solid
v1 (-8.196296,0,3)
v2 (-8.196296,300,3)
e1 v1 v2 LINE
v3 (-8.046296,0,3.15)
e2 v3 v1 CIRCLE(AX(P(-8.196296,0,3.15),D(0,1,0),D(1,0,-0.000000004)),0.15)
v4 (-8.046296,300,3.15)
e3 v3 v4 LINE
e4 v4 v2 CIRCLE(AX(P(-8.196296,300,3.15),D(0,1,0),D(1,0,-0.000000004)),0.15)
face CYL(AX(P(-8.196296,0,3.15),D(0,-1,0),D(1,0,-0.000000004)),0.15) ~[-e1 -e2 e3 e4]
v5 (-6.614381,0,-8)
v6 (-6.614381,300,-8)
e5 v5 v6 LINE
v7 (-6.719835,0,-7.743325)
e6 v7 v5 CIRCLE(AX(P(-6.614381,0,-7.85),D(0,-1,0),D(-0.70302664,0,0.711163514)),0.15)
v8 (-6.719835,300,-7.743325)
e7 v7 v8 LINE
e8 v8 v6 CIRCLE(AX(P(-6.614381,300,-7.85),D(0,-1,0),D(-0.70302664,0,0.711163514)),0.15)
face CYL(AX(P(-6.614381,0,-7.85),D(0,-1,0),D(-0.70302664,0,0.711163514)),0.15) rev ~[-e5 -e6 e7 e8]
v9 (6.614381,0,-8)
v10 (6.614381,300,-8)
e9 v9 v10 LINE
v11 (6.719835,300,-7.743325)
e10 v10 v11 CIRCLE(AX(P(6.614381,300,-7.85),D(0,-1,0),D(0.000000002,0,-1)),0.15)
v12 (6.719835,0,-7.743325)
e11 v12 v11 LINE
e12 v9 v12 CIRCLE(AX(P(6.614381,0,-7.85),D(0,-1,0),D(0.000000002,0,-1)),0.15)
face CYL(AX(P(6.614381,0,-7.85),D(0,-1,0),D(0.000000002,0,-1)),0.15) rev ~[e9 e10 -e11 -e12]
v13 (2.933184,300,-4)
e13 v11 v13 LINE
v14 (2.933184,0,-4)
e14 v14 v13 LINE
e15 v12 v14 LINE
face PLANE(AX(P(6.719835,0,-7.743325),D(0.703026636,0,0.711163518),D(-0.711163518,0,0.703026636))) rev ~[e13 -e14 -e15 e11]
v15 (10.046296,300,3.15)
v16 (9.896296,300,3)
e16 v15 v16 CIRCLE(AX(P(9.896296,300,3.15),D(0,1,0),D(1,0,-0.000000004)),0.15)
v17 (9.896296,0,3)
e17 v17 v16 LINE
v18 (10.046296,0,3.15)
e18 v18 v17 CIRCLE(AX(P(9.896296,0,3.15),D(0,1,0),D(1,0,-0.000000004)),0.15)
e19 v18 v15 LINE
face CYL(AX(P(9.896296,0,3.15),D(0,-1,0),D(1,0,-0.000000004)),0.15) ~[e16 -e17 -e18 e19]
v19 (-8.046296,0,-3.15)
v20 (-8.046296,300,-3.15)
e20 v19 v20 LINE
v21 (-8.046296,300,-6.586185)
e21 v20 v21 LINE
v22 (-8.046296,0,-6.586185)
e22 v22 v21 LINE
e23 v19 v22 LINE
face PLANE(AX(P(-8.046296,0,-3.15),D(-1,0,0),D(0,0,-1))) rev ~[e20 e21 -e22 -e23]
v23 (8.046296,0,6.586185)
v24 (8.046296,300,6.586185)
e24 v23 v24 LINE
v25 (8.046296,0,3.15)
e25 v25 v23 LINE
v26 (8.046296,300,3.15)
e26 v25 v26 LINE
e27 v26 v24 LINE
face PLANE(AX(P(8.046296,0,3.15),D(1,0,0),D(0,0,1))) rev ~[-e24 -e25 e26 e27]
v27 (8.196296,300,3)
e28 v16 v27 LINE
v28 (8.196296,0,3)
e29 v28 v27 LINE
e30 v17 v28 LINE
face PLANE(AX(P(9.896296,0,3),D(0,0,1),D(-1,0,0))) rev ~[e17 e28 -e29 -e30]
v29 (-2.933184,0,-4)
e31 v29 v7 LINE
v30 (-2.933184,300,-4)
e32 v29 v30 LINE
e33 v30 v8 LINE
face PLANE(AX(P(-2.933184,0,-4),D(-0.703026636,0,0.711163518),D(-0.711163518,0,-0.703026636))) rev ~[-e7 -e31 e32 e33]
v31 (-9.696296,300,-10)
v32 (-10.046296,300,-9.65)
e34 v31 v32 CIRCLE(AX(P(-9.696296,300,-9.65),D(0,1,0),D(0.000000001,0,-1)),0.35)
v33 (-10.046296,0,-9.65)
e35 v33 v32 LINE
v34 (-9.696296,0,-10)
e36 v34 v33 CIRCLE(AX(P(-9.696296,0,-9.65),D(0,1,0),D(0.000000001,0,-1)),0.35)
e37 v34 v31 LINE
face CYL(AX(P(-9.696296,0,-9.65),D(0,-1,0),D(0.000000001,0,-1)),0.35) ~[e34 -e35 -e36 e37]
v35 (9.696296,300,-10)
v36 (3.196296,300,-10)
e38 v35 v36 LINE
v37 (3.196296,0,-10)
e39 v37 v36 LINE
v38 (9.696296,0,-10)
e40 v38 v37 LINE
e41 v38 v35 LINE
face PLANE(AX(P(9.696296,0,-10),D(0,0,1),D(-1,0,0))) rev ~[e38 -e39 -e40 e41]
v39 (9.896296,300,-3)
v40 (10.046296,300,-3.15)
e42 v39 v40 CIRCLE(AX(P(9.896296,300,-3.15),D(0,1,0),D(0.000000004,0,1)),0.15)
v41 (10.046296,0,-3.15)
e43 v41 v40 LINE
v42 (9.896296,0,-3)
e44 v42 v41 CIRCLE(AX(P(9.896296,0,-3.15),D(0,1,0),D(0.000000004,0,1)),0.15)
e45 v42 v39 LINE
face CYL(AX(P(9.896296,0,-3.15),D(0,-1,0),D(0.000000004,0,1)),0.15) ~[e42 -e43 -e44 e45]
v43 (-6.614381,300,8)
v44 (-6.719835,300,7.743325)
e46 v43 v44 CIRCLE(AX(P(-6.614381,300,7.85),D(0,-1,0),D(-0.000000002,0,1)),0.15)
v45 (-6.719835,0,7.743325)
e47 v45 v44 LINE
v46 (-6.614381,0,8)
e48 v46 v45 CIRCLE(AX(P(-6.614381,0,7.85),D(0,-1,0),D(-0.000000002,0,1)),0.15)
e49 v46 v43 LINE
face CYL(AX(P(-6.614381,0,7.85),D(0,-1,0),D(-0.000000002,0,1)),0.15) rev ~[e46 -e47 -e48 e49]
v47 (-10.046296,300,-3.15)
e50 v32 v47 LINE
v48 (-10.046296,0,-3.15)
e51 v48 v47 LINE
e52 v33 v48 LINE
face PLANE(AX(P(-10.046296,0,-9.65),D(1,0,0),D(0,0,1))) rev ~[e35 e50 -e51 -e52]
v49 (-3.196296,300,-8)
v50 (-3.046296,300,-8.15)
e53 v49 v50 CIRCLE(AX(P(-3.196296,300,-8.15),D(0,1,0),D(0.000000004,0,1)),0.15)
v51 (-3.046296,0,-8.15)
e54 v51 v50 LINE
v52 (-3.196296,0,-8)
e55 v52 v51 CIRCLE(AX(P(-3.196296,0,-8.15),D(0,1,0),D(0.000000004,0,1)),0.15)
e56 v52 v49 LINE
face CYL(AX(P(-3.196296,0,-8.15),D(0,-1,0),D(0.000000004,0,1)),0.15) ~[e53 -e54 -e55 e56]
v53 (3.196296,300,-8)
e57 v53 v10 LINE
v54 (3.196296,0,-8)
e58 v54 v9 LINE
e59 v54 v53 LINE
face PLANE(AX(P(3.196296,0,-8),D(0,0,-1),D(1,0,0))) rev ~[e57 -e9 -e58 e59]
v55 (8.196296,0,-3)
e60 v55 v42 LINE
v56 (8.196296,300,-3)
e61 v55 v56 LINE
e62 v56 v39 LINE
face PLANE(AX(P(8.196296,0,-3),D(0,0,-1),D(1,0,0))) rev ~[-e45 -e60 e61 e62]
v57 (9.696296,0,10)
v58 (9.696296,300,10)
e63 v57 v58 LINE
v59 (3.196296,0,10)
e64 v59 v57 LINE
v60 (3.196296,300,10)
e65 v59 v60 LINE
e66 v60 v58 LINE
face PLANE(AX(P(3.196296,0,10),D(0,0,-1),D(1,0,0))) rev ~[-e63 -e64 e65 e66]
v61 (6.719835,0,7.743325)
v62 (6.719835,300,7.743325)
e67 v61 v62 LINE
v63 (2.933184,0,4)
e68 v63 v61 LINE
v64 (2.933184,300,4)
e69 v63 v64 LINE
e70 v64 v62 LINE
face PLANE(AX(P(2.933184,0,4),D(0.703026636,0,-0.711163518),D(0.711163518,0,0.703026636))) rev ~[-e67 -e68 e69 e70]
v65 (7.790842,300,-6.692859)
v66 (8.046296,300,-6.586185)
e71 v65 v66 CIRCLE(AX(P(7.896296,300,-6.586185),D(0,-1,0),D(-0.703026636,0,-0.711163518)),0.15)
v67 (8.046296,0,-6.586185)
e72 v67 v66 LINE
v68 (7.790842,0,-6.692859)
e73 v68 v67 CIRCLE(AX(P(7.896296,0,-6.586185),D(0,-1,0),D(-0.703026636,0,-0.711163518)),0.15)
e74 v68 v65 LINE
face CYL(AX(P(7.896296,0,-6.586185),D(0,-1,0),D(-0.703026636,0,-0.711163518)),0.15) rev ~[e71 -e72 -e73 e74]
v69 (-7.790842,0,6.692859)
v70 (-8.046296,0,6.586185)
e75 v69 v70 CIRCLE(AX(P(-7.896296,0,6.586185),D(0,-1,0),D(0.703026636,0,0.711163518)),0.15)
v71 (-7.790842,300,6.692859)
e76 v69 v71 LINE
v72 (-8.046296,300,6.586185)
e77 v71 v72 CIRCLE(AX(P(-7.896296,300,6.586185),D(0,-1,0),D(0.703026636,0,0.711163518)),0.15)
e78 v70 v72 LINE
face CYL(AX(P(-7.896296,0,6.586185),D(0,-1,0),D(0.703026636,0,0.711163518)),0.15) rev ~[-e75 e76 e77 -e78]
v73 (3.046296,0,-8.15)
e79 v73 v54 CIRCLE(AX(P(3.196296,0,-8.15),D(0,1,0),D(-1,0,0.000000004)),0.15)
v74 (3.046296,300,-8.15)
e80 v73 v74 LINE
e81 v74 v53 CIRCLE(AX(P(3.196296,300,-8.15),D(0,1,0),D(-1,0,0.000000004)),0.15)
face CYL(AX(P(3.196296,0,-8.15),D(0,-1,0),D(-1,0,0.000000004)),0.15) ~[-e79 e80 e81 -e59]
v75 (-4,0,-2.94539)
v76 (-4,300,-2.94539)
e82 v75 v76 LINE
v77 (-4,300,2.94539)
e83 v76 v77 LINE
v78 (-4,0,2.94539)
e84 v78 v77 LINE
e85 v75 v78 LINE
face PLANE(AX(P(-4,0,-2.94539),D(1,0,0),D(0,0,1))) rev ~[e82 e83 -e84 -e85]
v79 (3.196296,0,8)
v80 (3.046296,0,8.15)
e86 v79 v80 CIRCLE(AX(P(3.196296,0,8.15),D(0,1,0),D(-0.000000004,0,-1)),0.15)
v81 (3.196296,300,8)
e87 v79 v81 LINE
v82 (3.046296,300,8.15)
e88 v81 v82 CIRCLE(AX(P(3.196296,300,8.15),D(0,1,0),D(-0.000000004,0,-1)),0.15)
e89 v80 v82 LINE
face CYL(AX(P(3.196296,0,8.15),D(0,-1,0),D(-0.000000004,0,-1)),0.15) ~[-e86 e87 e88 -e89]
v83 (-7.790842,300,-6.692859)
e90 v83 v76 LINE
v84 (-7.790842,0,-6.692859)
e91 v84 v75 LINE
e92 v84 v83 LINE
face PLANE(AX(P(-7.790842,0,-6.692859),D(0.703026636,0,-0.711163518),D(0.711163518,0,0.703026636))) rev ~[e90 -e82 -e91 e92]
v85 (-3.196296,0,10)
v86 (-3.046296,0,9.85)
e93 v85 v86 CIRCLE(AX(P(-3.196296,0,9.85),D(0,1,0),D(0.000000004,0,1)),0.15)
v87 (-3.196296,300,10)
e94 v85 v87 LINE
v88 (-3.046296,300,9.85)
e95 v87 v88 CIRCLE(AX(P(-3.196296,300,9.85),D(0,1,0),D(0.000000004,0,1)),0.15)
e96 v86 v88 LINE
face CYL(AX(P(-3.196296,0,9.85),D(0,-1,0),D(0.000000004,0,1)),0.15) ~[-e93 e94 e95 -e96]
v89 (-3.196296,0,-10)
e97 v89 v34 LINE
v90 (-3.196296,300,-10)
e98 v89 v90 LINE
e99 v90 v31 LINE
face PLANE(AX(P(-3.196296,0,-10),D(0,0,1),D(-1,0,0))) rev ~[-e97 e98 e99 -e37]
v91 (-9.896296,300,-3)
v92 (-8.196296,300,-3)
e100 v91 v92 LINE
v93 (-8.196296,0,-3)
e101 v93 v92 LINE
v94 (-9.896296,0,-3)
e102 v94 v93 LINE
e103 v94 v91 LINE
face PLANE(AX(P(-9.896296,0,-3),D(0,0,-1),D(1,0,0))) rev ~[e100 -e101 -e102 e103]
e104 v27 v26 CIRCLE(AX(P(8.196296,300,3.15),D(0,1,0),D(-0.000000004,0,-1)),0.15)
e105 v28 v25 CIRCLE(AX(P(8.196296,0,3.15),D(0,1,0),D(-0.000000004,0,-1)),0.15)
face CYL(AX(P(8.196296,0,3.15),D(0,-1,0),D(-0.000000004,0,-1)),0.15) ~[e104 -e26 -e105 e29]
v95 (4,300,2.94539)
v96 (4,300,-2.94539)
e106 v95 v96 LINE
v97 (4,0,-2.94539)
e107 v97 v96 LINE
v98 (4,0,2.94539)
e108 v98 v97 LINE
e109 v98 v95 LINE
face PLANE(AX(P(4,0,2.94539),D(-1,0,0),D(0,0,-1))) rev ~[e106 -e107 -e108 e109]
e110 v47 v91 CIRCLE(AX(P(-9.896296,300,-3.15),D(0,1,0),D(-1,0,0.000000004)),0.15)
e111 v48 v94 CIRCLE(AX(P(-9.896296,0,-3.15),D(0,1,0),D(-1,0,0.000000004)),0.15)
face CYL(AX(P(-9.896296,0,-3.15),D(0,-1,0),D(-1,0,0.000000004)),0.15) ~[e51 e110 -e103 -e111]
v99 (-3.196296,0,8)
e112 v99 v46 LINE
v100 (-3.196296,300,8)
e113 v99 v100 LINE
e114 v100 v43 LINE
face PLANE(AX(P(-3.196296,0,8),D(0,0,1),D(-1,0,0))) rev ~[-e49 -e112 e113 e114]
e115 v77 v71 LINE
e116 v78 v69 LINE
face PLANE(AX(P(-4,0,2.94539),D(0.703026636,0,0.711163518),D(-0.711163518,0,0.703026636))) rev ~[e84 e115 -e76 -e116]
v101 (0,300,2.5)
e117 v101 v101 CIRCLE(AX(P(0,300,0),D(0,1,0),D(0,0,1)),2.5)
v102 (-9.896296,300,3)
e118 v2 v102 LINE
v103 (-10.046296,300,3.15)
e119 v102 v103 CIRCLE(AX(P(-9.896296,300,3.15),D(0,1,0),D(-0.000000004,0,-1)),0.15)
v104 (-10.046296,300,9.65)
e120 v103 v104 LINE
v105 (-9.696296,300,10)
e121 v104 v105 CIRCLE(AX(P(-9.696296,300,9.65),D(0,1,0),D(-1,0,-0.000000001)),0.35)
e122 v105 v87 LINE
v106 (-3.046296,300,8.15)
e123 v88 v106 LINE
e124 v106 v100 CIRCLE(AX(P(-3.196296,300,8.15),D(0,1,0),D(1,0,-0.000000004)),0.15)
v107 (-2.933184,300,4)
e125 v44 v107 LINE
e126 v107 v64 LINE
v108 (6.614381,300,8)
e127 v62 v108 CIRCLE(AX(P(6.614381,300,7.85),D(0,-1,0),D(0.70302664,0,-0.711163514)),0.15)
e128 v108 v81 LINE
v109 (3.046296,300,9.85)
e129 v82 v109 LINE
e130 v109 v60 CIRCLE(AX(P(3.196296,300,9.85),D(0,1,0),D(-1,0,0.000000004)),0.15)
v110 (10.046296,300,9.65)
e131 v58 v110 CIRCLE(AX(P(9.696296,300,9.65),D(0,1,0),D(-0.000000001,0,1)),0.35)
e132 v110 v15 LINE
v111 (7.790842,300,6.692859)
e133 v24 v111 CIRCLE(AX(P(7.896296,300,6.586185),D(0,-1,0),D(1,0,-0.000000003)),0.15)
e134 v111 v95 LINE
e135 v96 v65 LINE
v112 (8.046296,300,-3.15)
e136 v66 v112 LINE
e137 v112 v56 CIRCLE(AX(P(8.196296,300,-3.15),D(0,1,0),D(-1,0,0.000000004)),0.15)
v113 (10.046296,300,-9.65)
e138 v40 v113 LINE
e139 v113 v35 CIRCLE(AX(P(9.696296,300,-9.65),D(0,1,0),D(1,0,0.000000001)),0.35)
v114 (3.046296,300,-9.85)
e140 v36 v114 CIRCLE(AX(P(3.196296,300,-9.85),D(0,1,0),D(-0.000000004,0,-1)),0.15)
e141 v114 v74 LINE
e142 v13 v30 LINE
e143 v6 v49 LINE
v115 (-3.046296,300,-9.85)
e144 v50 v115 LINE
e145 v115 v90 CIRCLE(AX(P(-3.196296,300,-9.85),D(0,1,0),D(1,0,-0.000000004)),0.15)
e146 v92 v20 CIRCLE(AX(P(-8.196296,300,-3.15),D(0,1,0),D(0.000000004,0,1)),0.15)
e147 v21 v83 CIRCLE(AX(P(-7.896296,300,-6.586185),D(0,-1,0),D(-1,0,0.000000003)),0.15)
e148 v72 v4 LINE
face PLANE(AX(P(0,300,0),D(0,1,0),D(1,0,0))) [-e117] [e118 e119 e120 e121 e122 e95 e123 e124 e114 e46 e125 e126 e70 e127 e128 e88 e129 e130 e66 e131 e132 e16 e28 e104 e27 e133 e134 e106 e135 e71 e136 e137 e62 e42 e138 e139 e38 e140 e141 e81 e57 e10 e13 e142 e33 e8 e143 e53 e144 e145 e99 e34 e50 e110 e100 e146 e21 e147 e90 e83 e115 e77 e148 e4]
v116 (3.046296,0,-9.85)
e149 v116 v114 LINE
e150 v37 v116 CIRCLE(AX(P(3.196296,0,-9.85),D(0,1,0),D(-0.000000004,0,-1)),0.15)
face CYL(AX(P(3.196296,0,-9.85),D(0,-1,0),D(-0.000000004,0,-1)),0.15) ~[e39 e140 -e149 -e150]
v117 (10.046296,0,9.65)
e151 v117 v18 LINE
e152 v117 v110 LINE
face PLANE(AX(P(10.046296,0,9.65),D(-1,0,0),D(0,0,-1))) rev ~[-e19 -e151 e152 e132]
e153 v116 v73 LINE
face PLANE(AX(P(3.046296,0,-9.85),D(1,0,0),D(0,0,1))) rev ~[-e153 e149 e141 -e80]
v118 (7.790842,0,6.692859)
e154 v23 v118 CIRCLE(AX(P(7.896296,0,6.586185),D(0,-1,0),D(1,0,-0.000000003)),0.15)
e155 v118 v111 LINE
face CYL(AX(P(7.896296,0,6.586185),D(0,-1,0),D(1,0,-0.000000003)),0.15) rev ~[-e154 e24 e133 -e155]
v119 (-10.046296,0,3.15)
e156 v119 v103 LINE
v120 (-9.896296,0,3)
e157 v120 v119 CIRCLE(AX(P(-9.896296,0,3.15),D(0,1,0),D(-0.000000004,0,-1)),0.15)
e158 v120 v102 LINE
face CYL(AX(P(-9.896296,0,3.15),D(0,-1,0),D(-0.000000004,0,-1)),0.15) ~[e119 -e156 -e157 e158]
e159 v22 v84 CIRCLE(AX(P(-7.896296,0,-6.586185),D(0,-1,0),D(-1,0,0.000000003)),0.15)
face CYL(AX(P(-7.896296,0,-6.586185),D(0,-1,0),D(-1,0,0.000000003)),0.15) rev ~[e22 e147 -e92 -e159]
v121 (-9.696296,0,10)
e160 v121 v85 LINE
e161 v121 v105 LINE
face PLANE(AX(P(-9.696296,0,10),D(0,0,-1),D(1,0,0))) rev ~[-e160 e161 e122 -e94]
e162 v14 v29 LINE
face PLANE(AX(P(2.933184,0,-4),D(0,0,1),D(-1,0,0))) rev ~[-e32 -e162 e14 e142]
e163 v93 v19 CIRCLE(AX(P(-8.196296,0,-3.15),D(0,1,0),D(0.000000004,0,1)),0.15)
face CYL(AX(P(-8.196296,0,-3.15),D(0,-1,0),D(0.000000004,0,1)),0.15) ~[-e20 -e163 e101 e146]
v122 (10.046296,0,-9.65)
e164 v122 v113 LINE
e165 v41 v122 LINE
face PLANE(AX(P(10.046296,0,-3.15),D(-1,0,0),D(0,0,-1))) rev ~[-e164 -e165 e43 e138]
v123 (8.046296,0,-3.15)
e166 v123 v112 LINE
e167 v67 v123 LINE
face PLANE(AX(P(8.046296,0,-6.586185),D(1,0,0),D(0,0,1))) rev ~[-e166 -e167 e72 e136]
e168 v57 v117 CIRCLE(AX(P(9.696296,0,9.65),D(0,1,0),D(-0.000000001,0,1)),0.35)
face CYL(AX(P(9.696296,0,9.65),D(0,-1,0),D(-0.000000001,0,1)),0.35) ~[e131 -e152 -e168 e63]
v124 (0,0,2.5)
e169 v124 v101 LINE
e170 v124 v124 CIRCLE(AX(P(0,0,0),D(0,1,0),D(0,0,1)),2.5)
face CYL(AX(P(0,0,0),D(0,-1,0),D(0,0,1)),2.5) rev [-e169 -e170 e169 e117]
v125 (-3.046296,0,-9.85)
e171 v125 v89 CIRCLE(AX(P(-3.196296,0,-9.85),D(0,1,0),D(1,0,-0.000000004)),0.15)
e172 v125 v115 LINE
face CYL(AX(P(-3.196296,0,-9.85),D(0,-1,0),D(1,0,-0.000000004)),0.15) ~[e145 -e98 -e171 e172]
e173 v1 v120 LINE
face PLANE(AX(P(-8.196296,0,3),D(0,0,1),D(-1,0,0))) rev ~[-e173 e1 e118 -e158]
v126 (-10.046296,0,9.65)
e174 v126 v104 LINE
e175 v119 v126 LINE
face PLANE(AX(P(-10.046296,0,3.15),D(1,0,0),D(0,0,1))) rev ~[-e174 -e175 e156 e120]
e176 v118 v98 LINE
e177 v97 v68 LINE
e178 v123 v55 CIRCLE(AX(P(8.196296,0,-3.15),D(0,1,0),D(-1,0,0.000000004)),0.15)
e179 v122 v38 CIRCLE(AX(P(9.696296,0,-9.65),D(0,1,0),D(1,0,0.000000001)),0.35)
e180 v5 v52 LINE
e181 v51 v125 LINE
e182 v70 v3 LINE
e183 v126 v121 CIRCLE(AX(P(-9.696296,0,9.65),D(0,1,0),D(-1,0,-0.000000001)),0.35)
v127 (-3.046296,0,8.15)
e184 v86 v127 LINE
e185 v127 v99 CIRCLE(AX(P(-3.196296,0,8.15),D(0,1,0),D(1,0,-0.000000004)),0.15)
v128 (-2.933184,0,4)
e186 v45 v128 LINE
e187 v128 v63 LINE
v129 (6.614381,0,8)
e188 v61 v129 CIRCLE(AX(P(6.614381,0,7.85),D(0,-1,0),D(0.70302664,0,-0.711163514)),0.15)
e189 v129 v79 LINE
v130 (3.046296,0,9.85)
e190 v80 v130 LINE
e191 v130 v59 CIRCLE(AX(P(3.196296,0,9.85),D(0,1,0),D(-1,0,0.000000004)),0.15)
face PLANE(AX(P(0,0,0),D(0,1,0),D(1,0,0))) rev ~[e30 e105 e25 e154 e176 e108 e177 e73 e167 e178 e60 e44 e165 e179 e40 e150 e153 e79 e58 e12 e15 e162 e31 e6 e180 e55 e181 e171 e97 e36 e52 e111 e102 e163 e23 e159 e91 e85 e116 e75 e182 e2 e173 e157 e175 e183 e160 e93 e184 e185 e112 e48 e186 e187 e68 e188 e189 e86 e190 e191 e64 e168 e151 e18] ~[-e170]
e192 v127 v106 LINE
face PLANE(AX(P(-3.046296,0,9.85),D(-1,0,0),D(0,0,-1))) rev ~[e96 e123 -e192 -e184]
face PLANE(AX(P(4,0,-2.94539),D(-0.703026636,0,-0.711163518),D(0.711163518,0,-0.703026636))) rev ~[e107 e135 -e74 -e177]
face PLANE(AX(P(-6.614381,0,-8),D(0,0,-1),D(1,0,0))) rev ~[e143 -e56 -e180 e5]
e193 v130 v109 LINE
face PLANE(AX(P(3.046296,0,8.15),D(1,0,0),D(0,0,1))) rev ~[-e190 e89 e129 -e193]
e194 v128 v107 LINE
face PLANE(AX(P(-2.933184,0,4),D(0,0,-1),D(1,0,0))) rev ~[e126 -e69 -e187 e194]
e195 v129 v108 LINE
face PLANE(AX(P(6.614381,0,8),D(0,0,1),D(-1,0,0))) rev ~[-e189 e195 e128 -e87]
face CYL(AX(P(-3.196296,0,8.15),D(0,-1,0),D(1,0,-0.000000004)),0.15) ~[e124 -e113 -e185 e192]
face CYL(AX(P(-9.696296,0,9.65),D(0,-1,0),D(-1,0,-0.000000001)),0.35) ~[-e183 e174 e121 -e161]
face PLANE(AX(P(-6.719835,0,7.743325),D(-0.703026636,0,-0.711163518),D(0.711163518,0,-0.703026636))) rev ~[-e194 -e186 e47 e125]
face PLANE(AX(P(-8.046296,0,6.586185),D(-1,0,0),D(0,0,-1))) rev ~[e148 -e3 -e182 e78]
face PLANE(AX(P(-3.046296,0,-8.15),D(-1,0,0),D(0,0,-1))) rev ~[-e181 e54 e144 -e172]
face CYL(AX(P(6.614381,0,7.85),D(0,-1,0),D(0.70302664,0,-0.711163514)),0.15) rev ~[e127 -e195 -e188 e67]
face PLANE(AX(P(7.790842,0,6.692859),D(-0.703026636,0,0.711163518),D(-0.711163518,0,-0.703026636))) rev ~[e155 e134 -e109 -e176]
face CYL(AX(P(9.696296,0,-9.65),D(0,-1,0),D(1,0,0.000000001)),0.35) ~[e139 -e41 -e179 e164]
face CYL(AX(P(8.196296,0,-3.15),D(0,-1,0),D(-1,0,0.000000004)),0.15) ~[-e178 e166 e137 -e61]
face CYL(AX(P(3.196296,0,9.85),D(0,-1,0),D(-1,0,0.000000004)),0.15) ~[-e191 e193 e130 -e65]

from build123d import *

# Parameters (mm, degrees)
SKETCH1_R           = 2.5
BOSS_EXTRUDE2_DEPTH = 300


with BuildPart() as part:
    # Sketch1 → Boss-Extrude2 (new body)
    with BuildSketch(Plane(origin=(0, 0, 0), x_dir=(1, 0, 0), z_dir=(0, 1, 0))):
        with BuildLine():
            Line((-9.896296296, 3), (-8.196296296, 3))
            ThreePointArc((-8.196296296, 3), (-8.090230279, 3.043933983), (-8.046296296, 3.15))
            Line((-8.046296296, 3.15), (-8.046296296, 6.586184513))
            ThreePointArc((-8.046296296, 6.586184513), (-7.954097251, 6.724600732), (-7.790842301, 6.692859041))
            Line((-7.790842301, 6.692859041), (-4, 2.945390222))
            Line((-4, 2.945390222), (-4, -2.945390222))
            Line((-4, -2.945390222), (-7.790842301, -6.692859041))
            ThreePointArc((-7.790842301, -6.692859041), (-7.954097251, -6.724600732), (-8.046296296, -6.586184513))
            Line((-8.046296296, -6.586184513), (-8.046296296, -3.15))
            ThreePointArc((-8.046296296, -3.15), (-8.090230279, -3.043933983), (-8.196296296, -3))
            Line((-8.196296296, -3), (-9.896296296, -3))
            ThreePointArc((-9.896296296, -3), (-10.002362313, -3.043933983), (-10.046296296, -3.15))
            Line((-10.046296296, -3.15), (-10.046296296, -9.65))
            ThreePointArc((-10.046296296, -9.65), (-9.94378367, -9.897487373), (-9.696296296, -10))
            Line((-9.696296296, -10), (-3.196296296, -10))
            ThreePointArc((-3.196296296, -10), (-3.090230279, -9.956066017), (-3.046296296, -9.85))
            Line((-3.046296296, -9.85), (-3.046296296, -8.15))
            ThreePointArc((-3.046296296, -8.15), (-3.090230279, -8.043933983), (-3.196296296, -8))
            Line((-3.196296296, -8), (-6.614381093, -8))
            ThreePointArc((-6.614381093, -8), (-6.753127587, -7.9070036), (-6.719835089, -7.743325472))
            Line((-6.719835089, -7.743325472), (-2.93318409, -4))
            Line((-2.93318409, -4), (2.93318409, -4))
            Line((2.93318409, -4), (6.719835089, -7.743325472))
            ThreePointArc((6.719835089, -7.743325472), (6.753127587, -7.9070036), (6.614381093, -8))
            Line((6.614381093, -8), (3.196296296, -8))
            ThreePointArc((3.196296296, -8), (3.090230279, -8.043933983), (3.046296296, -8.15))
            Line((3.046296296, -8.15), (3.046296296, -9.85))
            ThreePointArc((3.046296296, -9.85), (3.090230279, -9.956066017), (3.196296296, -10))
            Line((3.196296296, -10), (9.696296296, -10))
            ThreePointArc((9.696296296, -10), (9.94378367, -9.897487373), (10.046296296, -9.65))
            Line((10.046296296, -9.65), (10.046296296, -3.15))
            ThreePointArc((10.046296296, -3.15), (10.002362313, -3.043933983), (9.896296296, -3))
            Line((9.896296296, -3), (8.196296296, -3))
            ThreePointArc((8.196296296, -3), (8.090230279, -3.043933983), (8.046296296, -3.15))
            Line((8.046296296, -3.15), (8.046296296, -6.586184513))
            ThreePointArc((8.046296296, -6.586184513), (7.954097251, -6.724600732), (7.790842301, -6.692859041))
            Line((7.790842301, -6.692859041), (4, -2.945390222))
            Line((4, -2.945390222), (4, 2.945390222))
            Line((4, 2.945390222), (7.790842301, 6.692859041))
            ThreePointArc((7.790842301, 6.692859041), (7.954097251, 6.724600732), (8.046296296, 6.586184513))
            Line((8.046296296, 6.586184513), (8.046296296, 3.15))
            ThreePointArc((8.046296296, 3.15), (8.090230279, 3.043933983), (8.196296296, 3))
            Line((8.196296296, 3), (9.896296296, 3))
            ThreePointArc((9.896296296, 3), (10.002362313, 3.043933983), (10.046296296, 3.15))
            Line((10.046296296, 3.15), (10.046296296, 9.65))
            ThreePointArc((10.046296296, 9.65), (9.94378367, 9.897487373), (9.696296296, 10))
            Line((9.696296296, 10), (3.196296296, 10))
            ThreePointArc((3.196296296, 10), (3.090230279, 9.956066017), (3.046296296, 9.85))
            Line((3.046296296, 9.85), (3.046296296, 8.15))
            ThreePointArc((3.046296296, 8.15), (3.090230279, 8.043933983), (3.196296296, 8))
            Line((3.196296296, 8), (6.614381093, 8))
            ThreePointArc((6.614381093, 8), (6.753127587, 7.9070036), (6.719835089, 7.743325472))
            Line((6.719835089, 7.743325472), (2.93318409, 4))
            Line((2.93318409, 4), (-2.93318409, 4))
            Line((-2.93318409, 4), (-6.719835089, 7.743325472))
            ThreePointArc((-6.719835089, 7.743325472), (-6.753127587, 7.9070036), (-6.614381093, 8))
            Line((-6.614381093, 8), (-3.196296296, 8))
            ThreePointArc((-3.196296296, 8), (-3.090230279, 8.043933983), (-3.046296296, 8.15))
            Line((-3.046296296, 8.15), (-3.046296296, 9.85))
            ThreePointArc((-3.046296296, 9.85), (-3.090230279, 9.956066017), (-3.196296296, 10))
            Line((-3.196296296, 10), (-9.696296296, 10))
            ThreePointArc((-9.696296296, 10), (-9.94378367, 9.897487373), (-10.046296296, 9.65))
            Line((-10.046296296, 9.65), (-10.046296296, 3.15))
            ThreePointArc((-10.046296296, 3.15), (-10.002362313, 3.043933983), (-9.896296296, 3))
        make_face()
        with Locations(Location((0, 0, 0), (0, 0, 270))):
            Circle(SKETCH1_R, mode=Mode.SUBTRACT)
    extrude(amount=BOSS_EXTRUDE2_DEPTH)


solid = part.part
